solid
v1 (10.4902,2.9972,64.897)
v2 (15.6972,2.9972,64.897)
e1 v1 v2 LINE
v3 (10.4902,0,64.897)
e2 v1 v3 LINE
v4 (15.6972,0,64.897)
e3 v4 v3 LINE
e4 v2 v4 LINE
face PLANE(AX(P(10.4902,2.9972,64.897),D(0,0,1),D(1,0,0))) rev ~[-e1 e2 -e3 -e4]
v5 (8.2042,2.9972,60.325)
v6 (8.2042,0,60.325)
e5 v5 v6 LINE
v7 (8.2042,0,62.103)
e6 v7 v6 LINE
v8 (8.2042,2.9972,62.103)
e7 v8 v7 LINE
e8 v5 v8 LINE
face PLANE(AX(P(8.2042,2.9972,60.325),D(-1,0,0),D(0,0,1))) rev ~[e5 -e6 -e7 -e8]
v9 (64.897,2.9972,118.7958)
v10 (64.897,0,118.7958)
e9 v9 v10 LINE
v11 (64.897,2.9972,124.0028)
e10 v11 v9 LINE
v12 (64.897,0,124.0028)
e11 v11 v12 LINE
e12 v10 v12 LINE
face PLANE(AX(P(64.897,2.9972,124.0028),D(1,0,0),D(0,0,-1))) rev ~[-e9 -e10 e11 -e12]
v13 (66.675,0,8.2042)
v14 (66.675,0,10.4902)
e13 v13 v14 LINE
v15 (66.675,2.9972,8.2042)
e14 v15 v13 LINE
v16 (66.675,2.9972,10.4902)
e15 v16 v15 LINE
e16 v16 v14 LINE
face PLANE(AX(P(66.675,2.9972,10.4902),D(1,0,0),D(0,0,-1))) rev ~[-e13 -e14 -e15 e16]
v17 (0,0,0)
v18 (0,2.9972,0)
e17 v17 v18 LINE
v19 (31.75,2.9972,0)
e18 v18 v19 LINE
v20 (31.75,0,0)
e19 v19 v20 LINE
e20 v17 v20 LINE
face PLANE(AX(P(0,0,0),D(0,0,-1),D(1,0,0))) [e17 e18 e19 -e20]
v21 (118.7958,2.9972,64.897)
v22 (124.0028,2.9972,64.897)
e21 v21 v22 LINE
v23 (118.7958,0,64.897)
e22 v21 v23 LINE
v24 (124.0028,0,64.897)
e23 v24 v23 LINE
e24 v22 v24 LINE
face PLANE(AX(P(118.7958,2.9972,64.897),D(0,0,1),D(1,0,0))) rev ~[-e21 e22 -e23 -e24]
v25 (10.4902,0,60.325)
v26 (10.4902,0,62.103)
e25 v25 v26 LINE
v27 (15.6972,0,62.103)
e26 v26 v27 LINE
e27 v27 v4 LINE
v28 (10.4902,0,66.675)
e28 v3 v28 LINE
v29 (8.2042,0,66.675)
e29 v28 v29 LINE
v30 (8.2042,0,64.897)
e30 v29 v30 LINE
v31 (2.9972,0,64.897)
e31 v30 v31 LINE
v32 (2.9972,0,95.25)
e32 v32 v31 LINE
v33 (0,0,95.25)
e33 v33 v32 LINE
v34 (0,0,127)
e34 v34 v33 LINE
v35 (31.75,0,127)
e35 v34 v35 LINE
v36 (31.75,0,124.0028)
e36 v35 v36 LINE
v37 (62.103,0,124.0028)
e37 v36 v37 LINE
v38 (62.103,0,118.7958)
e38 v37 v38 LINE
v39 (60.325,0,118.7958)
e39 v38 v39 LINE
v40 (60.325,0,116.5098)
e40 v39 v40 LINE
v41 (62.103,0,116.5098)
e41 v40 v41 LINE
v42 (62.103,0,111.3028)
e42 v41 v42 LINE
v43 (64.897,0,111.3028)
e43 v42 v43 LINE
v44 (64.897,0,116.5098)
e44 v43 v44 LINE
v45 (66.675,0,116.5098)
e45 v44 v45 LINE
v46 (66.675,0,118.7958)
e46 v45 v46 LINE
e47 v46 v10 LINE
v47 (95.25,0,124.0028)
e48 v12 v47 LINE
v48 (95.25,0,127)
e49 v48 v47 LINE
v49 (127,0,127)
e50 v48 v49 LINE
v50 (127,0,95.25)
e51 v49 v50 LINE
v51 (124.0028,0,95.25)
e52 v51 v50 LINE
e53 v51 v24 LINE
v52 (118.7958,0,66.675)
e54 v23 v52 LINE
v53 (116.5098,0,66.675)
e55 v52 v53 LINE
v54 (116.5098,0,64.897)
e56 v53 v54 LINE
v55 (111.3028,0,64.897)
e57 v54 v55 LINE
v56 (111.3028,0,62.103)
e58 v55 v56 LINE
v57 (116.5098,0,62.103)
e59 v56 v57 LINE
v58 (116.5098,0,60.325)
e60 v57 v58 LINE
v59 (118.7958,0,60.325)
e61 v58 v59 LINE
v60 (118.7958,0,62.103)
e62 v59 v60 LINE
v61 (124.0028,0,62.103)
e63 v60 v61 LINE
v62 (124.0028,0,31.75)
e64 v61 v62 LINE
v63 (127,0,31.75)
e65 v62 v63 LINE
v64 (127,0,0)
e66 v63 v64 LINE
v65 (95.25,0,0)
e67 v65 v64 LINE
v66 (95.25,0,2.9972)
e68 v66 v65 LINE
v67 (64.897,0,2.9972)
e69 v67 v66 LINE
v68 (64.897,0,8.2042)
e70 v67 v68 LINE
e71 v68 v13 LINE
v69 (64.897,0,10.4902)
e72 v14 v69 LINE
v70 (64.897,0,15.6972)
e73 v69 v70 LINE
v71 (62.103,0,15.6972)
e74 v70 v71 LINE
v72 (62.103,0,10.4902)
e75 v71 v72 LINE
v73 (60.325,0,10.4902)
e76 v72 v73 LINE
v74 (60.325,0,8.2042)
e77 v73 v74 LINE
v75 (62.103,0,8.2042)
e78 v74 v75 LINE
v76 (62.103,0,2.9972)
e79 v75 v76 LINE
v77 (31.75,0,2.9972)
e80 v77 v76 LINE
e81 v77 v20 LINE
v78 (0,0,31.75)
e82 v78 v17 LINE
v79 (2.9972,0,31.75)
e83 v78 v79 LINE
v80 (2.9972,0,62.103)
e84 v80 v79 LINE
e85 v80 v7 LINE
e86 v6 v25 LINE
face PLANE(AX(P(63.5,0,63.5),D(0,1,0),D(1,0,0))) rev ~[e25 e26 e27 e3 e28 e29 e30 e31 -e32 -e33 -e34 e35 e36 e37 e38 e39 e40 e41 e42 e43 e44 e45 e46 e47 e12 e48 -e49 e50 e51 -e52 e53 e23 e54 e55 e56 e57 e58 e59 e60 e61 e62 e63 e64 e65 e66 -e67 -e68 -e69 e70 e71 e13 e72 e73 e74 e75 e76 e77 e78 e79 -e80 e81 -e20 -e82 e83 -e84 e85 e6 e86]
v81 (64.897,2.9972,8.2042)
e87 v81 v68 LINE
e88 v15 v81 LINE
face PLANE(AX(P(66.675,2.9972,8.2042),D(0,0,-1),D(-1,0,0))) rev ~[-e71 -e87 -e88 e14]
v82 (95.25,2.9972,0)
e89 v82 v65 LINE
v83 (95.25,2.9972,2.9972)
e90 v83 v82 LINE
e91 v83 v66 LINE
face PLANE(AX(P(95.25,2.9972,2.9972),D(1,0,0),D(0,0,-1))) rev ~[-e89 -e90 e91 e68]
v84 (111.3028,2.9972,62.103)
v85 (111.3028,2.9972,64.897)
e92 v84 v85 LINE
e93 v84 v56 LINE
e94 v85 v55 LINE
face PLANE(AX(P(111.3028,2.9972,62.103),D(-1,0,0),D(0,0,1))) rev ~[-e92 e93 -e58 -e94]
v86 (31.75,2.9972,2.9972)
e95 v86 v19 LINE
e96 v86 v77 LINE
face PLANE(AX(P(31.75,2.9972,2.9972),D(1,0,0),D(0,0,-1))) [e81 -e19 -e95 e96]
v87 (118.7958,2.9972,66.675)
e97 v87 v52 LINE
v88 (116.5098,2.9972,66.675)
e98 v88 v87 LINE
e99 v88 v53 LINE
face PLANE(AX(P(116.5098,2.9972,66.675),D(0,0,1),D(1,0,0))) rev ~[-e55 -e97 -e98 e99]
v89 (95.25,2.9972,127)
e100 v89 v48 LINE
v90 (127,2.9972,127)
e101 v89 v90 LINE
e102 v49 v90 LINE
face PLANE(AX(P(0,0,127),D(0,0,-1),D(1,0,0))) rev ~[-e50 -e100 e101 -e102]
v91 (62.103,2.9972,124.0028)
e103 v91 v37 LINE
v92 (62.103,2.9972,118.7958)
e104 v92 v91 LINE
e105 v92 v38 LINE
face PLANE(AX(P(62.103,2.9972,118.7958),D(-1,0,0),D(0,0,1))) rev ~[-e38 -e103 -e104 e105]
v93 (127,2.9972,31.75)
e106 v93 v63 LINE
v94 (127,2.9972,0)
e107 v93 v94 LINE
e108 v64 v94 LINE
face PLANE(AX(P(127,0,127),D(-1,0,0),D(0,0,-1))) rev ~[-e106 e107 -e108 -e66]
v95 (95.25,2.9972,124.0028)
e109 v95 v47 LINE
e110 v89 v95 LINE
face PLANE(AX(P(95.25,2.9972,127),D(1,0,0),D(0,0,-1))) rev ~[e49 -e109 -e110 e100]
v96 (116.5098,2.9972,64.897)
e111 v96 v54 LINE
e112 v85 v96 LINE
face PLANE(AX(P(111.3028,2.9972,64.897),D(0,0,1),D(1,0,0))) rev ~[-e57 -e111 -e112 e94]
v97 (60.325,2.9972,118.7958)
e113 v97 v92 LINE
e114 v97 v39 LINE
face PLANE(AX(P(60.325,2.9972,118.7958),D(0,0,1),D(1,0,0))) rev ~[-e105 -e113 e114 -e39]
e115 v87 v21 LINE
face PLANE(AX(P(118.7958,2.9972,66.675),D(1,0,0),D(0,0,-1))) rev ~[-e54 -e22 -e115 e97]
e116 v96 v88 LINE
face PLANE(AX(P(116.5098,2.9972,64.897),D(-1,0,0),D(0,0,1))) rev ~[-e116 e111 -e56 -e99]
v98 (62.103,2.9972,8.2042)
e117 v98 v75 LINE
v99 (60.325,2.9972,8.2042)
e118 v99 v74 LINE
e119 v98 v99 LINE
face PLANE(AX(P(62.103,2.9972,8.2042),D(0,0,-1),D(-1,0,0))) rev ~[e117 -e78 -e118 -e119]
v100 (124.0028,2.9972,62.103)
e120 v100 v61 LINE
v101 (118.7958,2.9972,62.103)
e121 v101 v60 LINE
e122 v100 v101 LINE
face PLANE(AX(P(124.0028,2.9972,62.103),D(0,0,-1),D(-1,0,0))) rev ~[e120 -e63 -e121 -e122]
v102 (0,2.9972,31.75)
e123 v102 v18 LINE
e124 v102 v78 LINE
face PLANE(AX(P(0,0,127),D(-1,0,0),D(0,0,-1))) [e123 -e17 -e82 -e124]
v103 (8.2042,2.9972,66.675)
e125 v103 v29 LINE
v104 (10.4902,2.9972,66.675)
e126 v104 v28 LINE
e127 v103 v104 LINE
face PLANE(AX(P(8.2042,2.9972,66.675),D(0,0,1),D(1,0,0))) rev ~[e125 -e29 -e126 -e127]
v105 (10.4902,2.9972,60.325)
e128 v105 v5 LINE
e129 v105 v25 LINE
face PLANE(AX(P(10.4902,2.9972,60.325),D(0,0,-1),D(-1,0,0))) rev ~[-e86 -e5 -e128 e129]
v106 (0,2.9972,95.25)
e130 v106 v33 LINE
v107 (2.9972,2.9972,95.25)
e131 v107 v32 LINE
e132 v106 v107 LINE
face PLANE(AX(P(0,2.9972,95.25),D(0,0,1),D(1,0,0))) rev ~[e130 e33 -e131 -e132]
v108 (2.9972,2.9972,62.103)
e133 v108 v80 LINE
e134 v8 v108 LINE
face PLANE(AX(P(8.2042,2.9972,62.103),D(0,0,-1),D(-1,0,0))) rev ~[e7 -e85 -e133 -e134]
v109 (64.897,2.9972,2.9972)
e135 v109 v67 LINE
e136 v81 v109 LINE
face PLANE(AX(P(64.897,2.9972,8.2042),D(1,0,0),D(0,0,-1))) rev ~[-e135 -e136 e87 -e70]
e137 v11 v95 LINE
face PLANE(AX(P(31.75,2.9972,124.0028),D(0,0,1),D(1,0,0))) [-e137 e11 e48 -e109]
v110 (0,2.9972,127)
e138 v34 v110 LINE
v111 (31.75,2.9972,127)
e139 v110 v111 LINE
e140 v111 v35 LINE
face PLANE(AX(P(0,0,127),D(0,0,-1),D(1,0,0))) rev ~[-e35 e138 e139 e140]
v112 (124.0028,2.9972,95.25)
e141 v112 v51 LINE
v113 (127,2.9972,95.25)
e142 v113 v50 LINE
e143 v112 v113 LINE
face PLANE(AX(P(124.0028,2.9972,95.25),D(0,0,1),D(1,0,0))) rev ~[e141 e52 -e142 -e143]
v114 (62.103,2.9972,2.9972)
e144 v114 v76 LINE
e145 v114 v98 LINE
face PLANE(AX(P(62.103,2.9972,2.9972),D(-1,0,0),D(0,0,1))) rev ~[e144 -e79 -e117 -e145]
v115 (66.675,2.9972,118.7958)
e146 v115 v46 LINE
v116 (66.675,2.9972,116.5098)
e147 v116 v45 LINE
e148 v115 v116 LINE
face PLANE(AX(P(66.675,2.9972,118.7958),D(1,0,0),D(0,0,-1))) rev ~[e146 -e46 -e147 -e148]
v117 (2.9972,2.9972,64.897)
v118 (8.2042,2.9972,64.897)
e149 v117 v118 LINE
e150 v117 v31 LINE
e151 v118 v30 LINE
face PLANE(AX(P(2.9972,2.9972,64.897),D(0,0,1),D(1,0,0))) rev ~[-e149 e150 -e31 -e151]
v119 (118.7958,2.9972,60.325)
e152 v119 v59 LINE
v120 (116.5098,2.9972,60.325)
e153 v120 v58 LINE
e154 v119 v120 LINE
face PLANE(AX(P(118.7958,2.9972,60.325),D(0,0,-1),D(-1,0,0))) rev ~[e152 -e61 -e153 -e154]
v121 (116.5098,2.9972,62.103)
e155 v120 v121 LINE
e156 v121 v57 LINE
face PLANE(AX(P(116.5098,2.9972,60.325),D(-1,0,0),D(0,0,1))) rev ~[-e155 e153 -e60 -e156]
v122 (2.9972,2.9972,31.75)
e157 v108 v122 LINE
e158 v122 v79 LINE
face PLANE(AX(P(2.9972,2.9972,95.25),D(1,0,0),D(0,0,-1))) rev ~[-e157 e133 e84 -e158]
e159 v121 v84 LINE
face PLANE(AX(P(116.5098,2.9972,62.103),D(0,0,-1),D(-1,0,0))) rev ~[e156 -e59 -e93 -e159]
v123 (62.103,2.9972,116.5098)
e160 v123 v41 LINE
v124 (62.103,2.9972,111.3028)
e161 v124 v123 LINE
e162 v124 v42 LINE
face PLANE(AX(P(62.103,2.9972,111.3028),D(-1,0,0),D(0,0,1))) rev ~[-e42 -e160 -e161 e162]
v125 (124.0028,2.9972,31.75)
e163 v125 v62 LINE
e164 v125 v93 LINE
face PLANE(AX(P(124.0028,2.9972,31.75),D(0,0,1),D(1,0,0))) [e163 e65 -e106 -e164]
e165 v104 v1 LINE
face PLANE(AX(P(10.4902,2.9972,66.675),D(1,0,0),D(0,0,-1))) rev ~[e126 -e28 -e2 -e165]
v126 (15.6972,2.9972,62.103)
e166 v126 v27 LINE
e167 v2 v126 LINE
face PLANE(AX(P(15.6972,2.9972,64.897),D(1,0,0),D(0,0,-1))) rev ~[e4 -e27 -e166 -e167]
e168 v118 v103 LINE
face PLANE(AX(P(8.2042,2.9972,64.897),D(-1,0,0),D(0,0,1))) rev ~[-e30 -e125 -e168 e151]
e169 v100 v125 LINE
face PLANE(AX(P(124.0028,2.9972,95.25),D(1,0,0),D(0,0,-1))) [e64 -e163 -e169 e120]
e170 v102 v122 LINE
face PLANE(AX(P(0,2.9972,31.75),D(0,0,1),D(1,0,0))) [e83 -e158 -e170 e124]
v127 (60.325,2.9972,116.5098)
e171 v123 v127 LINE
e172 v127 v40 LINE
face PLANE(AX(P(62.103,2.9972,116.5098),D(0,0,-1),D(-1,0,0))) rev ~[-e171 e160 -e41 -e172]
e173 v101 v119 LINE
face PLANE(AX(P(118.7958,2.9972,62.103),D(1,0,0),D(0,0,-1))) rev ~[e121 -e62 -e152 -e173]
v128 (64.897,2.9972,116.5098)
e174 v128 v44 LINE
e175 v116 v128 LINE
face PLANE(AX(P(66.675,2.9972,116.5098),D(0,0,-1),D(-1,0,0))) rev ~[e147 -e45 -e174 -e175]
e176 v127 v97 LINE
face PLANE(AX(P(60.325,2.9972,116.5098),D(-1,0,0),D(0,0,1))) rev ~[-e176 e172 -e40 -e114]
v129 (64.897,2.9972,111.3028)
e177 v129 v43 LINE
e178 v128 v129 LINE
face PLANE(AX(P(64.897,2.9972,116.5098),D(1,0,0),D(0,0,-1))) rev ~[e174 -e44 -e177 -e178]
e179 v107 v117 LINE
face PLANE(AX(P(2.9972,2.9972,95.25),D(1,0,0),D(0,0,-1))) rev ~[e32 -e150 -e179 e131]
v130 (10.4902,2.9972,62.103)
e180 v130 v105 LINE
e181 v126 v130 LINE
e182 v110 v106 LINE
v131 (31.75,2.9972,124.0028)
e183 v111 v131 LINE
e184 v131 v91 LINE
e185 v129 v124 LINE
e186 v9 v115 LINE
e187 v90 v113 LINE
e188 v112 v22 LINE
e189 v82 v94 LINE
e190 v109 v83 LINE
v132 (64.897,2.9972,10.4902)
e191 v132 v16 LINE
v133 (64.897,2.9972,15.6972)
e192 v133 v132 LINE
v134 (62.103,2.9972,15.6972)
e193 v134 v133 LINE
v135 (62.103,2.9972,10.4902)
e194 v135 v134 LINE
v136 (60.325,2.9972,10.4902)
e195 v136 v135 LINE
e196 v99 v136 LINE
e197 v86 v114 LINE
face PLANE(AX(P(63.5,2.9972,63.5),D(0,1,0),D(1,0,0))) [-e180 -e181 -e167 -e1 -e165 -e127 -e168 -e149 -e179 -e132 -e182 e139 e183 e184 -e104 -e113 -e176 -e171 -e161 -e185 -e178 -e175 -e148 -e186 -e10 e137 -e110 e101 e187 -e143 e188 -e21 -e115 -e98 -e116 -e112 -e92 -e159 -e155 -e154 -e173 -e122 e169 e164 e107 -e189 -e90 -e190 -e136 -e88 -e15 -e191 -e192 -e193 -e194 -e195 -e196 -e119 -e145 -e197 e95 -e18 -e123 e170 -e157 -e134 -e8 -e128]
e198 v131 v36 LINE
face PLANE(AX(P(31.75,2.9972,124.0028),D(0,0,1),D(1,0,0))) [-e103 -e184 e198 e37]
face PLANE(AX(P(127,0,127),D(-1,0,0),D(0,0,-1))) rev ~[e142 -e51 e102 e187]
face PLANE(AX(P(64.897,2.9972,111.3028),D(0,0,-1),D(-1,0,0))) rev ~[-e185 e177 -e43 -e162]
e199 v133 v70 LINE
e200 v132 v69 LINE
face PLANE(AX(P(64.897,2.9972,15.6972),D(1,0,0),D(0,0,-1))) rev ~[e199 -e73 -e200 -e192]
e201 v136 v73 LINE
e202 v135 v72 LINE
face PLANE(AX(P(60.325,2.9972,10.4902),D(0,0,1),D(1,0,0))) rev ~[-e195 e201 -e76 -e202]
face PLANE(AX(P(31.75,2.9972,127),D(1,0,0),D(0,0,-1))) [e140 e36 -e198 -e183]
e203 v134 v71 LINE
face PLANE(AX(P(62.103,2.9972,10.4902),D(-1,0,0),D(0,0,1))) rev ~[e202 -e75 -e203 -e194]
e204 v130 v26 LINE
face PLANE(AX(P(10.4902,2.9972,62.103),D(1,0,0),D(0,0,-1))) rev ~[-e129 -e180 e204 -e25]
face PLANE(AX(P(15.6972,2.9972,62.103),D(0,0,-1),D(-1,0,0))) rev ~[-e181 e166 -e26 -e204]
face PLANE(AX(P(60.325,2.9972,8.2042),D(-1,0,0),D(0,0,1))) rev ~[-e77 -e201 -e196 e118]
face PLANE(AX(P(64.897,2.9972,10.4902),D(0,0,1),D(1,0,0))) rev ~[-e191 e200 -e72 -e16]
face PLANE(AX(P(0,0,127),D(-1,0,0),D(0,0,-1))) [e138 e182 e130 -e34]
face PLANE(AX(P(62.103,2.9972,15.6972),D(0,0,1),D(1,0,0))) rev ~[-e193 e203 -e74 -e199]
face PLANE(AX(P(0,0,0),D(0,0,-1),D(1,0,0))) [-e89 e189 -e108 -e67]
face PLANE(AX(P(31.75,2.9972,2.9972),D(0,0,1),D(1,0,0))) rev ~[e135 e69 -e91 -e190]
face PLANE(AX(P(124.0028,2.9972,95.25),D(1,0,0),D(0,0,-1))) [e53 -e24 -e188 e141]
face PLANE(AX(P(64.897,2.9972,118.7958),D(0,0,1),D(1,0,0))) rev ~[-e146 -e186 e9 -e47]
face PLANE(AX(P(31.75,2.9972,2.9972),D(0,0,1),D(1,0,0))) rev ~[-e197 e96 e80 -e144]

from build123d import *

# Parameters (mm, degrees)
SKETCH1_W           = 127
SKETCH1_H           = 127
BOSS_EXTRUDE1_DEPTH = 2.9972
SKETCH2_W           = 63.5
SKETCH2_H           = 2.9972
SKETCH2_W_2         = 2.9972
SKETCH2_H_2         = 63.5
CUT_EXTRUDE1_DEPTH  = 2.9972
CUT_EXTRUDE2_REACH  = 181.63


with BuildPart() as part:
    # Sketch1 → Boss-Extrude1 (new body)
    with BuildSketch(Plane(origin=(0, 0, 0), x_dir=(1, 0, 0), z_dir=(0, 1, 0))):
        with Locations((63.5, -63.5)):
            Rectangle(SKETCH1_W, SKETCH1_H)
    extrude(amount=BOSS_EXTRUDE1_DEPTH)

    # Sketch2 → Cut-Extrude1 (cut)
    with BuildSketch(Plane(origin=(0, 2.9972, 0), x_dir=(1, 0, 0), z_dir=(0, 1, 0))):
        with Locations((63.5, -125.5014)):
            Rectangle(SKETCH2_W, SKETCH2_H)
        with Locations((1.4986, -63.5)):
            Rectangle(SKETCH2_W_2, SKETCH2_H_2)
        with Locations((125.5014, -63.5)):
            Rectangle(SKETCH2_W_2, SKETCH2_H_2)
        with Locations((63.5, -1.4986)):
            Rectangle(SKETCH2_W, SKETCH2_H)
    extrude(amount=-CUT_EXTRUDE1_DEPTH, mode=Mode.SUBTRACT)

    # Sketch3 → Cut-Extrude2 (cut, up to next)
    with BuildSketch(Plane(origin=(0, 2.9972, 0), x_dir=(1, 0, 0), z_dir=(0, 1, 0)), mode=Mode.PRIVATE) as cut_extrude2_sk1:
        Polygon((2.9972, -64.897), (8.2042, -64.897), (8.2042, -66.675), (10.4902, -66.675), (10.4902, -64.897), (15.6972, -64.897), (15.6972, -62.103), (10.4902, -62.103), (10.4902, -60.325), (8.2042, -60.325), (8.2042, -62.103), (2.9972, -62.103), align=None)
    cut_extrude2_tool1 = extrude(cut_extrude2_sk1.sketch, amount=-CUT_EXTRUDE2_REACH, mode=Mode.PRIVATE) & part.part
    # Sketch3 → Cut-Extrude2 (cut, up to next)
    with BuildSketch(Plane(origin=(0, 2.9972, 0), x_dir=(1, 0, 0), z_dir=(0, 1, 0)), mode=Mode.PRIVATE) as cut_extrude2_sk2:
        Polygon((62.103, -124.0028), (64.897, -124.0028), (64.897, -118.7958), (66.675, -118.7958), (66.675, -116.5098), (64.897, -116.5098), (64.897, -111.3028), (62.103, -111.3028), (62.103, -116.5098), (60.325, -116.5098), (60.325, -118.7958), (62.103, -118.7958), align=None)
    cut_extrude2_tool2 = extrude(cut_extrude2_sk2.sketch, amount=-CUT_EXTRUDE2_REACH, mode=Mode.PRIVATE) & part.part
    # Sketch3 → Cut-Extrude2 (cut, up to next)
    with BuildSketch(Plane(origin=(0, 2.9972, 0), x_dir=(1, 0, 0), z_dir=(0, 1, 0)), mode=Mode.PRIVATE) as cut_extrude2_sk3:
        Polygon((118.7958, -66.675), (118.7958, -64.897), (124.0028, -64.897), (124.0028, -62.103), (118.7958, -62.103), (118.7958, -60.325), (116.5098, -60.325), (116.5098, -62.103), (111.3028, -62.103), (111.3028, -64.897), (116.5098, -64.897), (116.5098, -66.675), align=None)
    cut_extrude2_tool3 = extrude(cut_extrude2_sk3.sketch, amount=-CUT_EXTRUDE2_REACH, mode=Mode.PRIVATE) & part.part
    # Sketch3 → Cut-Extrude2 (cut, up to next)
    with BuildSketch(Plane(origin=(0, 2.9972, 0), x_dir=(1, 0, 0), z_dir=(0, 1, 0)), mode=Mode.PRIVATE) as cut_extrude2_sk4:
        Polygon((62.103, -2.9972), (62.103, -8.2042), (60.325, -8.2042), (60.325, -10.4902), (62.103, -10.4902), (62.103, -15.6972), (64.897, -15.6972), (64.897, -10.4902), (66.675, -10.4902), (66.675, -8.2042), (64.897, -8.2042), (64.897, -2.9972), align=None)
    cut_extrude2_tool4 = extrude(cut_extrude2_sk4.sketch, amount=-CUT_EXTRUDE2_REACH, mode=Mode.PRIVATE) & part.part
    add(cut_extrude2_tool1.solids().sort_by_distance((9.3472, 2.9972, 63.5))[0], mode=Mode.SUBTRACT)
    add(cut_extrude2_tool2.solids().sort_by_distance((63.5, 2.9972, 117.6528))[0], mode=Mode.SUBTRACT)
    add(cut_extrude2_tool3.solids().sort_by_distance((117.6528, 2.9972, 63.5))[0], mode=Mode.SUBTRACT)
    add(cut_extrude2_tool4.solids().sort_by_distance((63.5, 2.9972, 9.3472))[0], mode=Mode.SUBTRACT)


solid = part.part
